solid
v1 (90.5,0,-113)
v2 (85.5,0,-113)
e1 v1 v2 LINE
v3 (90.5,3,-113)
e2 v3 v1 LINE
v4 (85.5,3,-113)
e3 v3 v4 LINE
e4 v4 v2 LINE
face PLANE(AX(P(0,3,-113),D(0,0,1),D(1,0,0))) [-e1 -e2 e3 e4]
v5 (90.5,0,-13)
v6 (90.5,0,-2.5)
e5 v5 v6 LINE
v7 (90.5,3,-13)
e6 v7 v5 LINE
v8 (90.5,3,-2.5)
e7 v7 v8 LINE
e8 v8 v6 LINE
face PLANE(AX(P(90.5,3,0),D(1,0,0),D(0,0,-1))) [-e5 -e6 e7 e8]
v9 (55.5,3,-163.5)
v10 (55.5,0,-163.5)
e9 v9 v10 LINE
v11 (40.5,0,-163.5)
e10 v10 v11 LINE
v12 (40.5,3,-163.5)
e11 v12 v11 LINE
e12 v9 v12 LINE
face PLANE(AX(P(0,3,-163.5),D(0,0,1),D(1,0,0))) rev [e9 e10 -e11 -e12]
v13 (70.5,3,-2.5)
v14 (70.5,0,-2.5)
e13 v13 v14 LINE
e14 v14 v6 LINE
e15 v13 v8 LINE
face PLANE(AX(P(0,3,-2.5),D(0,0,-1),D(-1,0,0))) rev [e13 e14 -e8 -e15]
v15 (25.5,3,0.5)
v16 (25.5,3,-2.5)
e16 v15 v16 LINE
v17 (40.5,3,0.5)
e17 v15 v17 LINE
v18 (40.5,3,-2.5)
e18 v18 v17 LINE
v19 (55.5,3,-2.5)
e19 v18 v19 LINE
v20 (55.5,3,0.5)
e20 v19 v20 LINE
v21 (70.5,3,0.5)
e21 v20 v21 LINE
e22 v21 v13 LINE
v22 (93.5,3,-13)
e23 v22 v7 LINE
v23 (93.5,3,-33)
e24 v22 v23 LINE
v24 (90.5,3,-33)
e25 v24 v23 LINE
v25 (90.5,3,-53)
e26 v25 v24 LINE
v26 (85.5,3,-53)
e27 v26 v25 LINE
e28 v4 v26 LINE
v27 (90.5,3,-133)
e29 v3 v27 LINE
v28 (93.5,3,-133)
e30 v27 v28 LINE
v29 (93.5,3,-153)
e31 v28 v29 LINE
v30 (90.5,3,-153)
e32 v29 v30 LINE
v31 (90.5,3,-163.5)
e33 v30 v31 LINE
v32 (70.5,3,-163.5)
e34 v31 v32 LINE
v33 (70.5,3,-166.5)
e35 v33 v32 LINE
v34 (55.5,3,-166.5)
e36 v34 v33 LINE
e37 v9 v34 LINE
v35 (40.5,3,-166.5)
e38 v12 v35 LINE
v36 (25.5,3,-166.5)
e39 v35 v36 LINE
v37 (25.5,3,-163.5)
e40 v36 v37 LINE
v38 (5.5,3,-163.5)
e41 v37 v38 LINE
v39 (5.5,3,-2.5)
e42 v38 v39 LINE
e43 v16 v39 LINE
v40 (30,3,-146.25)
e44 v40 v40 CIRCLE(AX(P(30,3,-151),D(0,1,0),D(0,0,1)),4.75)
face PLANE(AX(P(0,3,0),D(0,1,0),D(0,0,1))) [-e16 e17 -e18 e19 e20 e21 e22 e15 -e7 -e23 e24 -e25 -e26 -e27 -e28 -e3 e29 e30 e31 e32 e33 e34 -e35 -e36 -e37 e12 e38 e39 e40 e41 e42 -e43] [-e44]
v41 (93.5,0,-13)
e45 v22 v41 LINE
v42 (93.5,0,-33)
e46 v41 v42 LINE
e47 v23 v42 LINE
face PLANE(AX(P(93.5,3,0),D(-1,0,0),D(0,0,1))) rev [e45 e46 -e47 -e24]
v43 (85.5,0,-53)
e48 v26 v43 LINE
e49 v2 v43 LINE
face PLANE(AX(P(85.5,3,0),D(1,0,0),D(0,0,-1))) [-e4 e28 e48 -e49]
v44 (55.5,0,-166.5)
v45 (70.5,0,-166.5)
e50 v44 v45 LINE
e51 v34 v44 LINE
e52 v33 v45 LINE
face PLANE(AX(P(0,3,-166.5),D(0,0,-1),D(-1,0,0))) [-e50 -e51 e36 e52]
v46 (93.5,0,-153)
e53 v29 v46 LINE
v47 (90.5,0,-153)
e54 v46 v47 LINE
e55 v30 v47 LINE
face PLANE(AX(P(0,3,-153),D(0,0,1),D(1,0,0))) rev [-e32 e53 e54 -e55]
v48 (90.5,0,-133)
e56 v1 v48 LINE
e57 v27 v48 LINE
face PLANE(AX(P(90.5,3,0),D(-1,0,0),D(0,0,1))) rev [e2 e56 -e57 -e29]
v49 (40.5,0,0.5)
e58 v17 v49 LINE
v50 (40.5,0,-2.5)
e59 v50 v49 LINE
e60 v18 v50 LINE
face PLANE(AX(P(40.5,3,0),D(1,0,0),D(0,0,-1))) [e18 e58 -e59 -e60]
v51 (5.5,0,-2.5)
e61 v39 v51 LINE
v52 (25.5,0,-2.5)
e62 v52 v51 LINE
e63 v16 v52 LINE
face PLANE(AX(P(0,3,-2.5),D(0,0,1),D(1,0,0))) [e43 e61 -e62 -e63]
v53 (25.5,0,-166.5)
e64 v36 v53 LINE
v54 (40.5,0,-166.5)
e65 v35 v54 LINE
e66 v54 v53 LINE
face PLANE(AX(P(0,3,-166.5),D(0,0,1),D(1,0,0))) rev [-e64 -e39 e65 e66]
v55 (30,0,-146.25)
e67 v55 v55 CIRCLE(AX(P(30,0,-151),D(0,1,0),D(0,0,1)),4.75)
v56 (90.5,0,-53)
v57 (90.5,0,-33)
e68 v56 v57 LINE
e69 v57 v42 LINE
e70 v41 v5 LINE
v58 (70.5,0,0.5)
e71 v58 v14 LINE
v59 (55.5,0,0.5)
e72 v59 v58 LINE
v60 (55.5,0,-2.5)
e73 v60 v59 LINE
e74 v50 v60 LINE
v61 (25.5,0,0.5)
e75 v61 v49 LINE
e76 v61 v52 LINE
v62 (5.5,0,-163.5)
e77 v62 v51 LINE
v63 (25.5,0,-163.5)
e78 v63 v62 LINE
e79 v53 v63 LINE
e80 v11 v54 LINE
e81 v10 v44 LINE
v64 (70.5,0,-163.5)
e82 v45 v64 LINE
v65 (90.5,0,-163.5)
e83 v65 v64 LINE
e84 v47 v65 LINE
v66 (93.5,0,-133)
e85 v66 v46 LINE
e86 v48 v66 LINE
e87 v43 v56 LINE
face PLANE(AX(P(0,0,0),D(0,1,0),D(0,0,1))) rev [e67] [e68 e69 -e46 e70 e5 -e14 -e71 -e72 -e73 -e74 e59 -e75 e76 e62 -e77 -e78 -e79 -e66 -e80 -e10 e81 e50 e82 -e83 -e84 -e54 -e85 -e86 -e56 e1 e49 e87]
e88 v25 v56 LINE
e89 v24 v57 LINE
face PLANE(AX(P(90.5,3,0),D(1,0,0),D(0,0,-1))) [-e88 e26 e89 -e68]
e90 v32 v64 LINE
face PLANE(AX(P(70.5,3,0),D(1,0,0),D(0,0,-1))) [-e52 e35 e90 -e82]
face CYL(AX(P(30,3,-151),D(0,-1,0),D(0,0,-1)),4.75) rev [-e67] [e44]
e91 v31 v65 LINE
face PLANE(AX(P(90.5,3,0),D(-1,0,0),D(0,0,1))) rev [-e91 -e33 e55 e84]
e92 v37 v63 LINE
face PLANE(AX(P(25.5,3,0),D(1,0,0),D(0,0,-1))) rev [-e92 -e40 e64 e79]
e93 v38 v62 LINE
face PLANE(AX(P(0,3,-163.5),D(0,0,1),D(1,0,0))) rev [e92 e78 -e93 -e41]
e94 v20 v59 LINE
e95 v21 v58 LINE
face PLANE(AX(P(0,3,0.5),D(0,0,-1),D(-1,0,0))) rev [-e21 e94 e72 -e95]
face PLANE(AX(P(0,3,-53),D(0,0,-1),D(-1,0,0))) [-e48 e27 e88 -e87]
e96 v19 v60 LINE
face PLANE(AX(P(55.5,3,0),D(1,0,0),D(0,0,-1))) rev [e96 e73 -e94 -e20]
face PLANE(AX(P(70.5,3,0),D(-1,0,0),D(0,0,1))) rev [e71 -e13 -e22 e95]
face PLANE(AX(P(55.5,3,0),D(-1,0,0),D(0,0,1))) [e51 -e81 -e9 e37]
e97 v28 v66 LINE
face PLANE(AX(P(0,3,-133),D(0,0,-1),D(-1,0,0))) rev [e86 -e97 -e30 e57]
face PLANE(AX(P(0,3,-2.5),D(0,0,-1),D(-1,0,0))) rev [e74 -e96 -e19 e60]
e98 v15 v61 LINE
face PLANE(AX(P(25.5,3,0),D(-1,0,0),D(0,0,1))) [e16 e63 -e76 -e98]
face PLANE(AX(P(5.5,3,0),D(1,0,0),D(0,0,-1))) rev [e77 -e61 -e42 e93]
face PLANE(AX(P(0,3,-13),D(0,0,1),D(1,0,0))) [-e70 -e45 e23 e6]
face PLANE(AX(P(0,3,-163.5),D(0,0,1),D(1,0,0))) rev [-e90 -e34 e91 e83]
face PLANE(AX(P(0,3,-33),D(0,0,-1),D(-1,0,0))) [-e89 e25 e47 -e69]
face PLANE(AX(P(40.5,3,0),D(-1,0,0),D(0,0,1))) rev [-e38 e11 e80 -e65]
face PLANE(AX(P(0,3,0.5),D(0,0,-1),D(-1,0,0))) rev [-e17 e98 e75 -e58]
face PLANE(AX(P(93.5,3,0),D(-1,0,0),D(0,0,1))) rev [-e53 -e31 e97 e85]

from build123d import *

# Parameters (mm, degrees)
CROQUIS1_R              = 4.75
SALIENTE_EXTRUIR1_DEPTH = 3


with BuildPart() as part:
    # Croquis1 → Saliente-Extruir1 (new body)
    with BuildSketch(Plane(origin=(0, 0, 0), x_dir=(1, 0, 0), z_dir=(0, 1, 0))):
        Polygon((25.5, 2.5), (25.5, -0.5), (40.5, -0.5), (40.5, 2.5), (55.5, 2.5), (55.5, -0.5), (70.5, -0.5), (70.5, 2.5), (90.5, 2.5), (90.5, 13), (93.5, 13), (93.5, 33), (90.5, 33), (90.5, 53), (85.5, 53), (85.5, 113), (90.5, 113), (90.5, 133), (93.5, 133), (93.5, 153), (90.5, 153), (90.5, 163.5), (70.5, 163.5), (70.5, 166.5), (55.5, 166.5), (55.5, 163.5), (40.5, 163.5), (40.5, 166.5), (25.5, 166.5), (25.5, 163.5), (5.5, 163.5), (5.5, 153), (5.5, 133), (5.5, 113), (5.5, 93), (5.5, 73), (5.5, 53), (5.5, 33), (5.5, 13), (5.5, 2.5), align=None)
        with Locations(Location((30, 151, 0), (0, 0, 270))):
            Circle(CROQUIS1_R, mode=Mode.SUBTRACT)
    extrude(amount=SALIENTE_EXTRUIR1_DEPTH)


solid = part.part
